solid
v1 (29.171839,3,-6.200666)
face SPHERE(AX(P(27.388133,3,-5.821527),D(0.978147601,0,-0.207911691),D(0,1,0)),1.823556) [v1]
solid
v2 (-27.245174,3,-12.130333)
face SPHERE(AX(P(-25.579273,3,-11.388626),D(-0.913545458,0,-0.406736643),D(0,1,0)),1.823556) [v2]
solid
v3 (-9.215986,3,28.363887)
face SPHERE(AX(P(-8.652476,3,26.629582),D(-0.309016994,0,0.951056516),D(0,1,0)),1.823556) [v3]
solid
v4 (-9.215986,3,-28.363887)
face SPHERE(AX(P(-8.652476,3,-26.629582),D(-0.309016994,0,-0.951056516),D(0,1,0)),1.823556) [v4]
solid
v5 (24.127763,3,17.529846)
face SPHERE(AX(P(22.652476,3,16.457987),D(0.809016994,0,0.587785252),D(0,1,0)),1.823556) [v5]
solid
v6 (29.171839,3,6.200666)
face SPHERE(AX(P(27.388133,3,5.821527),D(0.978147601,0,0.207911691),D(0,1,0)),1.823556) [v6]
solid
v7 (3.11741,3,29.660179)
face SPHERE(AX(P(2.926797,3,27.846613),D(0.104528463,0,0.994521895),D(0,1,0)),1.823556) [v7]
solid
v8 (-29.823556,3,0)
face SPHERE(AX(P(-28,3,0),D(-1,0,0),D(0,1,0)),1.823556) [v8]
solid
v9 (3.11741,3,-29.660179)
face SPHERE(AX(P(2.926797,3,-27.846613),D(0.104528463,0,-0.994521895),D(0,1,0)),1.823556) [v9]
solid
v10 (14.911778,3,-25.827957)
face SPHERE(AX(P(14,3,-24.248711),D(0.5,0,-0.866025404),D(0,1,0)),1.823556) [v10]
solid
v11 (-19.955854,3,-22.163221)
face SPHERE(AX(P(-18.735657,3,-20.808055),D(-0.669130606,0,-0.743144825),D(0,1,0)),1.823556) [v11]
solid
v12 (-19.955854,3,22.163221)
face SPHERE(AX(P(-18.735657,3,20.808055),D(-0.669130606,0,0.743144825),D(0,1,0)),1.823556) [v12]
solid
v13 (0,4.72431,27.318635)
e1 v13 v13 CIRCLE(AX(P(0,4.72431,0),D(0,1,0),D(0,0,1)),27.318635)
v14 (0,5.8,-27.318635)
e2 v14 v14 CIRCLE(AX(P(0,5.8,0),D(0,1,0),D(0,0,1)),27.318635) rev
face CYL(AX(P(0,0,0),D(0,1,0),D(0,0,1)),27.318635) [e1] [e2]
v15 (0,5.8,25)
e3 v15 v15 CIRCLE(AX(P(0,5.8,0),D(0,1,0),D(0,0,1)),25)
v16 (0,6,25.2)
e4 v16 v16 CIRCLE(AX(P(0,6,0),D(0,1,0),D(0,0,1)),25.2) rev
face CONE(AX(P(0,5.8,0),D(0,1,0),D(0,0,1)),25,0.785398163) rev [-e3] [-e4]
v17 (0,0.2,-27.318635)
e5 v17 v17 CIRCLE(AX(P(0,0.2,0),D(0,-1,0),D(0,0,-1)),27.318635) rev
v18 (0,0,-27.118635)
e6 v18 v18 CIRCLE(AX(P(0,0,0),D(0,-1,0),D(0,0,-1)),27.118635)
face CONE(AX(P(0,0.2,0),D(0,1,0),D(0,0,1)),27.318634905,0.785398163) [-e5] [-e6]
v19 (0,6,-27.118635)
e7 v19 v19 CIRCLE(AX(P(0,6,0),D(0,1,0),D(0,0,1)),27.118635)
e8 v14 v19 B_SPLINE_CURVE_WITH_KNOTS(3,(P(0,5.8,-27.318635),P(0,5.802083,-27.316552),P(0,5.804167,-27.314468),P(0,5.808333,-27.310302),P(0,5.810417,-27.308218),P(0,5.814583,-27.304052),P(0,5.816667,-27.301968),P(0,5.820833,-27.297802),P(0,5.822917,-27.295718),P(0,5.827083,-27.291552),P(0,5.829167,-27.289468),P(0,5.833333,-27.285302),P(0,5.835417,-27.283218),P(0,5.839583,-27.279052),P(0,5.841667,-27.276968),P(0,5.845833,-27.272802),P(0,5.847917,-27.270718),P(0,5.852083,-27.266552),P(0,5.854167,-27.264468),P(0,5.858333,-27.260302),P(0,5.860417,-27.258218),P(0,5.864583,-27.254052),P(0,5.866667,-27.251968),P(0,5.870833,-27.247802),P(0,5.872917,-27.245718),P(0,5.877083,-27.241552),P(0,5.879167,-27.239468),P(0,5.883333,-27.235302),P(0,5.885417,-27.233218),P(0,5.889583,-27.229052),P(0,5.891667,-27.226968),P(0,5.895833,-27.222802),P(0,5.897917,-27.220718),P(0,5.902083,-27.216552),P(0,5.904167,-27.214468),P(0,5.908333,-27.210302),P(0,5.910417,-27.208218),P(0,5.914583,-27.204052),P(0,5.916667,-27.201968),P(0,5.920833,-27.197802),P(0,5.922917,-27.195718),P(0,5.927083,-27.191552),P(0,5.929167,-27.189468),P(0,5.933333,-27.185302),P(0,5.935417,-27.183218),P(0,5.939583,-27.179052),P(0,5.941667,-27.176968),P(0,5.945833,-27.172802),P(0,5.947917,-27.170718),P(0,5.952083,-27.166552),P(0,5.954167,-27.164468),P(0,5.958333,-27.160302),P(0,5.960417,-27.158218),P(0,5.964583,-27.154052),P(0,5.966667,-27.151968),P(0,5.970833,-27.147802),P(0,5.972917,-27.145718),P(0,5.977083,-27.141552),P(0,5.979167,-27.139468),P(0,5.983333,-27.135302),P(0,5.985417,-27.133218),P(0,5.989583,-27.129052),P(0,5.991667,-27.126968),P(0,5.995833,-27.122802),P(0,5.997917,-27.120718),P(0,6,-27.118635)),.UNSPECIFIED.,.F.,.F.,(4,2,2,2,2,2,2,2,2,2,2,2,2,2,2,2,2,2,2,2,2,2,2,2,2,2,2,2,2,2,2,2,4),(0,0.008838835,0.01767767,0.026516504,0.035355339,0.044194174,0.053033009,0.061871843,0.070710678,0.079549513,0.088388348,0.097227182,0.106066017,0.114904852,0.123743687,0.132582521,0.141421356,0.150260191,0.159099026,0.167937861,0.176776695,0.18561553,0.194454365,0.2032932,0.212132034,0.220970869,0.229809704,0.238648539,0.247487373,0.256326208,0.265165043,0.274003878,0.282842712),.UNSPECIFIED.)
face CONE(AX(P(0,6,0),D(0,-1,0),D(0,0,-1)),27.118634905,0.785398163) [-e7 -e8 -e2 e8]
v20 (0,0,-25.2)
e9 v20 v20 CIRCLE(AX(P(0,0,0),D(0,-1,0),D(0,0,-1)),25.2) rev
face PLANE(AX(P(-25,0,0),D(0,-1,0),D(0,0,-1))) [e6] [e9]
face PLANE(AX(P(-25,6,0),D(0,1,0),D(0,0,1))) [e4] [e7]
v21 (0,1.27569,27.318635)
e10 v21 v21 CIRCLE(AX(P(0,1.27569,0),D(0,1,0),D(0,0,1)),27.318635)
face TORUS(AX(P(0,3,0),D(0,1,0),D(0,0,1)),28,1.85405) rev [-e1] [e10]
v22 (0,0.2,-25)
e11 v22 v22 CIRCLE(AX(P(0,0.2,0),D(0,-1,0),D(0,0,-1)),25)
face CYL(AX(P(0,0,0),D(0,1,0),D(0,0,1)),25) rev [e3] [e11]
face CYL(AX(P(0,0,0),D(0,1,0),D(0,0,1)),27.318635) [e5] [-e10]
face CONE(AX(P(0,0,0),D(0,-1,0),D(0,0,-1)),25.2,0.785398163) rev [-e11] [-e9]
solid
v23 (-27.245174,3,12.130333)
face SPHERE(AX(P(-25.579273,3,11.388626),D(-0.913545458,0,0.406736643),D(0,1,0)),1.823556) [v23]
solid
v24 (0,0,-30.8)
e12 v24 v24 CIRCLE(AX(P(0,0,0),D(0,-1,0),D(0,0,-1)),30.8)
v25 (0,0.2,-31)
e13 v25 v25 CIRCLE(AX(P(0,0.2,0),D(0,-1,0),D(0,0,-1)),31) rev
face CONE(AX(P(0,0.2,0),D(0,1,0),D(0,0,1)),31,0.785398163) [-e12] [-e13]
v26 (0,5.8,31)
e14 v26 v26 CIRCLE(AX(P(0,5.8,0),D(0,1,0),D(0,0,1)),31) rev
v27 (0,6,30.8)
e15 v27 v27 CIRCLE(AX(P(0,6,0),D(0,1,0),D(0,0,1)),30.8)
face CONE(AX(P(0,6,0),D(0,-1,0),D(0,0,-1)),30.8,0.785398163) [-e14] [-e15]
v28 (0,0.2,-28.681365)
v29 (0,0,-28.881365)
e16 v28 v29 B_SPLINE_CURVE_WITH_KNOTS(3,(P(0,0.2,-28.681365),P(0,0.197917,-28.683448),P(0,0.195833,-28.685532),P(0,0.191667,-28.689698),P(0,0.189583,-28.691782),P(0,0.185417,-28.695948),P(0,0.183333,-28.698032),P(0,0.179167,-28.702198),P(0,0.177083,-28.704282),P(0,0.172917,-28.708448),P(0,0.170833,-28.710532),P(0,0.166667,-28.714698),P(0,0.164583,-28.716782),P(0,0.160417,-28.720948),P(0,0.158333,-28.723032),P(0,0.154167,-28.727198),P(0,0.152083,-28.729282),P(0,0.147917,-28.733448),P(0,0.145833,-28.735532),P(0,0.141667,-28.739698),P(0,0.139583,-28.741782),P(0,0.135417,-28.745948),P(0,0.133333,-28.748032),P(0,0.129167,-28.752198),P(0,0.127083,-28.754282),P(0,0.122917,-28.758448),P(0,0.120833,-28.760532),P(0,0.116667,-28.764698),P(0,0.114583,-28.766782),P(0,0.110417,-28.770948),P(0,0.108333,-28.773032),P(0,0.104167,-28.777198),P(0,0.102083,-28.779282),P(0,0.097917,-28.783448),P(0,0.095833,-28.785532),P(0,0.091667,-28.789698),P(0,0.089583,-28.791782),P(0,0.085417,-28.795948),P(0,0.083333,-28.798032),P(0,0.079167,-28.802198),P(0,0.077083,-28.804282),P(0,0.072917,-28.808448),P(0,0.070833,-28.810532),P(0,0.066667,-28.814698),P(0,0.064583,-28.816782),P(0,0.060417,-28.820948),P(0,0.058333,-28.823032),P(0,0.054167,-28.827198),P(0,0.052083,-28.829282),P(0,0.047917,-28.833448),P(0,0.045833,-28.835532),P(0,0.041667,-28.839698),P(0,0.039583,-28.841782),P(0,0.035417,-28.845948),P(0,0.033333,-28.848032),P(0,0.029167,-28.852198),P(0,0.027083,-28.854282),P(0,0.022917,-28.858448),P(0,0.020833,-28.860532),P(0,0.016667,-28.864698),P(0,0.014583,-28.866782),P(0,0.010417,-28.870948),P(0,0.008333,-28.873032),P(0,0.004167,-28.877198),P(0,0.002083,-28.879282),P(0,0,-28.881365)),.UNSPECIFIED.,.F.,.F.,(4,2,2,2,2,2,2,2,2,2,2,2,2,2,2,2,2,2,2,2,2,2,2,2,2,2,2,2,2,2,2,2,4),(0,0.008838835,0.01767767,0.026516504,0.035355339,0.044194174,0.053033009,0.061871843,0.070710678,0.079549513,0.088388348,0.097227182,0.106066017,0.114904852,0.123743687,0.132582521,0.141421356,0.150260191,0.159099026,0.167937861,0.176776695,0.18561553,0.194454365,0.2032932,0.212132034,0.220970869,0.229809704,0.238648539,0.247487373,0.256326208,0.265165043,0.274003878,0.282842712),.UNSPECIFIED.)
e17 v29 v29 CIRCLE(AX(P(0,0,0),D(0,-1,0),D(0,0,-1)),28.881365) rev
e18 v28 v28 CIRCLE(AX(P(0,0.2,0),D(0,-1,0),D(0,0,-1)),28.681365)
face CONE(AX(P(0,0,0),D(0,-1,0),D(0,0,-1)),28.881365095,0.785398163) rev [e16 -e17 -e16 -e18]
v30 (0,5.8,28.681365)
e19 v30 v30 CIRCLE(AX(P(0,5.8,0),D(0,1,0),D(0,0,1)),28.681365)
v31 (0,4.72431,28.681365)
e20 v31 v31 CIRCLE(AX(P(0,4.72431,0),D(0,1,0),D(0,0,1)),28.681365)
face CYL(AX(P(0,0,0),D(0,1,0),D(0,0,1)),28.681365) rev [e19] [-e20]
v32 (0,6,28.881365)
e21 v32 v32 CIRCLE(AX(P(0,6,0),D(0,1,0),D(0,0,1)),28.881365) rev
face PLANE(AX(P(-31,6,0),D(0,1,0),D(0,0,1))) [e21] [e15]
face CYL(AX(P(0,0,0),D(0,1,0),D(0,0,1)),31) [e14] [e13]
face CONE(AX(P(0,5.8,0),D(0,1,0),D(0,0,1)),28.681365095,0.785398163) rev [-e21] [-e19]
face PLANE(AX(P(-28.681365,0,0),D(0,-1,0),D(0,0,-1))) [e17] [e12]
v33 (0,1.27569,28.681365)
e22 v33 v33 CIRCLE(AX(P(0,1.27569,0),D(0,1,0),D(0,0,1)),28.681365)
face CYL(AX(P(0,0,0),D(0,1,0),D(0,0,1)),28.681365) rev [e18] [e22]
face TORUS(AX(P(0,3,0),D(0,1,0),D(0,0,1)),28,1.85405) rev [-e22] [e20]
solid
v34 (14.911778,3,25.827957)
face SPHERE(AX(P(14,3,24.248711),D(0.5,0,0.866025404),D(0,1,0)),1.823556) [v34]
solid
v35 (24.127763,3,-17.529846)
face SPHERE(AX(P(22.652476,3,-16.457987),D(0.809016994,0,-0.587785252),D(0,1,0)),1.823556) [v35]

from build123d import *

# Parameters (mm, degrees)
CHAMFER1_SIZE     = 0.2
CHAMFER2_SIZE     = 0.2
CIRPATTERN2_COUNT = 15


with BuildPart() as part:
    # Sketch1 → Revolve1 (revolve)
    with BuildSketch(Plane.XY):
        with BuildLine():
            Line((-28.681365095, 0), (-31, 0))
            Line((-31, 0), (-31, 6))
            Line((-31, 6), (-28.681365095, 6))
            Line((-28.681365095, 6), (-28.681365095, 4.724309576))
            ThreePointArc((-28.681365095, 4.724309576), (-29.854050136, 3), (-28.681365095, 1.275690424))
            Line((-28.681365095, 1.275690424), (-28.681365095, 0))
        make_face()
        with BuildLine():
            Line((-25, 0), (-27.318634905, 0))
            Line((-27.318634905, 0), (-27.318634905, 1.275690424))
            ThreePointArc((-27.318634905, 1.275690424), (-26.145949864, 3), (-27.318634905, 4.724309576))
            Line((-27.318634905, 4.724309576), (-27.318634905, 6))
            Line((-27.318634905, 6), (-25, 6))
            Line((-25, 6), (-25, 0))
        make_face()
    revolve(axis=Axis((0, 0, 0), (0, -1, 0)))

    # Chamfer1
    chamfer1_edges = [part.edges().sort_by_distance(p)[0] for p in [
        (25, 0, 0),
        (25, 6, 0),
        (27.318634905, 0, 0),
        (27.318634905, 6, 0),
    ]]
    chamfer(chamfer1_edges, length=CHAMFER1_SIZE)

    # Chamfer2
    chamfer2_edges = [part.edges().sort_by_distance(p)[0] for p in [
        (31, 6, 0),
        (31, 0, 0),
        (28.681365095, 6, 0),
        (28.681365095, 0, 0),
    ]]
    chamfer(chamfer2_edges, length=CHAMFER2_SIZE)


with BuildPart() as body_2:
    # Sketch2 → Revolve2 (revolve)
    with BuildSketch(Plane.XY):
        with BuildLine():
            Line((-29.823555732, 3), (-26.176444268, 3))
            ThreePointArc((-26.176444268, 3), (-28, 4.823555732), (-29.823555732, 3))
        make_face()
    revolve(axis=Axis((-31, 3, 0), (1, 0, 0)))


with BuildPart() as cirpattern2_1:
    # CirPattern2: pattern copy
    add(body_2.part.rotate(Axis((0, 0, 0), (0, 1, 0)), 1 * 360 / CIRPATTERN2_COUNT))


with BuildPart() as cirpattern2_2:
    # CirPattern2: pattern copy
    add(body_2.part.rotate(Axis((0, 0, 0), (0, 1, 0)), 2 * 360 / CIRPATTERN2_COUNT))


with BuildPart() as cirpattern2_3:
    # CirPattern2: pattern copy
    add(body_2.part.rotate(Axis((0, 0, 0), (0, 1, 0)), 3 * 360 / CIRPATTERN2_COUNT))


with BuildPart() as cirpattern2_4:
    # CirPattern2: pattern copy
    add(body_2.part.rotate(Axis((0, 0, 0), (0, 1, 0)), 4 * 360 / CIRPATTERN2_COUNT))


with BuildPart() as cirpattern2_5:
    # CirPattern2: pattern copy
    add(body_2.part.rotate(Axis((0, 0, 0), (0, 1, 0)), 5 * 360 / CIRPATTERN2_COUNT))


with BuildPart() as cirpattern2_6:
    # CirPattern2: pattern copy
    add(body_2.part.rotate(Axis((0, 0, 0), (0, 1, 0)), 6 * 360 / CIRPATTERN2_COUNT))


with BuildPart() as cirpattern2_7:
    # CirPattern2: pattern copy
    add(body_2.part.rotate(Axis((0, 0, 0), (0, 1, 0)), 7 * 360 / CIRPATTERN2_COUNT))


with BuildPart() as cirpattern2_8:
    # CirPattern2: pattern copy
    add(body_2.part.rotate(Axis((0, 0, 0), (0, 1, 0)), 8 * 360 / CIRPATTERN2_COUNT))


with BuildPart() as cirpattern2_9:
    # CirPattern2: pattern copy
    add(body_2.part.rotate(Axis((0, 0, 0), (0, 1, 0)), 9 * 360 / CIRPATTERN2_COUNT))


with BuildPart() as cirpattern2_10:
    # CirPattern2: pattern copy
    add(body_2.part.rotate(Axis((0, 0, 0), (0, 1, 0)), 10 * 360 / CIRPATTERN2_COUNT))


with BuildPart() as cirpattern2_11:
    # CirPattern2: pattern copy
    add(body_2.part.rotate(Axis((0, 0, 0), (0, 1, 0)), 11 * 360 / CIRPATTERN2_COUNT))


with BuildPart() as cirpattern2_12:
    # CirPattern2: pattern copy
    add(body_2.part.rotate(Axis((0, 0, 0), (0, 1, 0)), 12 * 360 / CIRPATTERN2_COUNT))


with BuildPart() as cirpattern2_13:
    # CirPattern2: pattern copy
    add(body_2.part.rotate(Axis((0, 0, 0), (0, 1, 0)), 13 * 360 / CIRPATTERN2_COUNT))


with BuildPart() as cirpattern2_14:
    # CirPattern2: pattern copy
    add(body_2.part.rotate(Axis((0, 0, 0), (0, 1, 0)), 14 * 360 / CIRPATTERN2_COUNT))


solid = Compound([part.part, body_2.part, cirpattern2_1.part, cirpattern2_2.part, cirpattern2_3.part, cirpattern2_4.part, cirpattern2_5.part, cirpattern2_6.part, cirpattern2_7.part, cirpattern2_8.part, cirpattern2_9.part, cirpattern2_10.part, cirpattern2_11.part, cirpattern2_12.part, cirpattern2_13.part, cirpattern2_14.part])
